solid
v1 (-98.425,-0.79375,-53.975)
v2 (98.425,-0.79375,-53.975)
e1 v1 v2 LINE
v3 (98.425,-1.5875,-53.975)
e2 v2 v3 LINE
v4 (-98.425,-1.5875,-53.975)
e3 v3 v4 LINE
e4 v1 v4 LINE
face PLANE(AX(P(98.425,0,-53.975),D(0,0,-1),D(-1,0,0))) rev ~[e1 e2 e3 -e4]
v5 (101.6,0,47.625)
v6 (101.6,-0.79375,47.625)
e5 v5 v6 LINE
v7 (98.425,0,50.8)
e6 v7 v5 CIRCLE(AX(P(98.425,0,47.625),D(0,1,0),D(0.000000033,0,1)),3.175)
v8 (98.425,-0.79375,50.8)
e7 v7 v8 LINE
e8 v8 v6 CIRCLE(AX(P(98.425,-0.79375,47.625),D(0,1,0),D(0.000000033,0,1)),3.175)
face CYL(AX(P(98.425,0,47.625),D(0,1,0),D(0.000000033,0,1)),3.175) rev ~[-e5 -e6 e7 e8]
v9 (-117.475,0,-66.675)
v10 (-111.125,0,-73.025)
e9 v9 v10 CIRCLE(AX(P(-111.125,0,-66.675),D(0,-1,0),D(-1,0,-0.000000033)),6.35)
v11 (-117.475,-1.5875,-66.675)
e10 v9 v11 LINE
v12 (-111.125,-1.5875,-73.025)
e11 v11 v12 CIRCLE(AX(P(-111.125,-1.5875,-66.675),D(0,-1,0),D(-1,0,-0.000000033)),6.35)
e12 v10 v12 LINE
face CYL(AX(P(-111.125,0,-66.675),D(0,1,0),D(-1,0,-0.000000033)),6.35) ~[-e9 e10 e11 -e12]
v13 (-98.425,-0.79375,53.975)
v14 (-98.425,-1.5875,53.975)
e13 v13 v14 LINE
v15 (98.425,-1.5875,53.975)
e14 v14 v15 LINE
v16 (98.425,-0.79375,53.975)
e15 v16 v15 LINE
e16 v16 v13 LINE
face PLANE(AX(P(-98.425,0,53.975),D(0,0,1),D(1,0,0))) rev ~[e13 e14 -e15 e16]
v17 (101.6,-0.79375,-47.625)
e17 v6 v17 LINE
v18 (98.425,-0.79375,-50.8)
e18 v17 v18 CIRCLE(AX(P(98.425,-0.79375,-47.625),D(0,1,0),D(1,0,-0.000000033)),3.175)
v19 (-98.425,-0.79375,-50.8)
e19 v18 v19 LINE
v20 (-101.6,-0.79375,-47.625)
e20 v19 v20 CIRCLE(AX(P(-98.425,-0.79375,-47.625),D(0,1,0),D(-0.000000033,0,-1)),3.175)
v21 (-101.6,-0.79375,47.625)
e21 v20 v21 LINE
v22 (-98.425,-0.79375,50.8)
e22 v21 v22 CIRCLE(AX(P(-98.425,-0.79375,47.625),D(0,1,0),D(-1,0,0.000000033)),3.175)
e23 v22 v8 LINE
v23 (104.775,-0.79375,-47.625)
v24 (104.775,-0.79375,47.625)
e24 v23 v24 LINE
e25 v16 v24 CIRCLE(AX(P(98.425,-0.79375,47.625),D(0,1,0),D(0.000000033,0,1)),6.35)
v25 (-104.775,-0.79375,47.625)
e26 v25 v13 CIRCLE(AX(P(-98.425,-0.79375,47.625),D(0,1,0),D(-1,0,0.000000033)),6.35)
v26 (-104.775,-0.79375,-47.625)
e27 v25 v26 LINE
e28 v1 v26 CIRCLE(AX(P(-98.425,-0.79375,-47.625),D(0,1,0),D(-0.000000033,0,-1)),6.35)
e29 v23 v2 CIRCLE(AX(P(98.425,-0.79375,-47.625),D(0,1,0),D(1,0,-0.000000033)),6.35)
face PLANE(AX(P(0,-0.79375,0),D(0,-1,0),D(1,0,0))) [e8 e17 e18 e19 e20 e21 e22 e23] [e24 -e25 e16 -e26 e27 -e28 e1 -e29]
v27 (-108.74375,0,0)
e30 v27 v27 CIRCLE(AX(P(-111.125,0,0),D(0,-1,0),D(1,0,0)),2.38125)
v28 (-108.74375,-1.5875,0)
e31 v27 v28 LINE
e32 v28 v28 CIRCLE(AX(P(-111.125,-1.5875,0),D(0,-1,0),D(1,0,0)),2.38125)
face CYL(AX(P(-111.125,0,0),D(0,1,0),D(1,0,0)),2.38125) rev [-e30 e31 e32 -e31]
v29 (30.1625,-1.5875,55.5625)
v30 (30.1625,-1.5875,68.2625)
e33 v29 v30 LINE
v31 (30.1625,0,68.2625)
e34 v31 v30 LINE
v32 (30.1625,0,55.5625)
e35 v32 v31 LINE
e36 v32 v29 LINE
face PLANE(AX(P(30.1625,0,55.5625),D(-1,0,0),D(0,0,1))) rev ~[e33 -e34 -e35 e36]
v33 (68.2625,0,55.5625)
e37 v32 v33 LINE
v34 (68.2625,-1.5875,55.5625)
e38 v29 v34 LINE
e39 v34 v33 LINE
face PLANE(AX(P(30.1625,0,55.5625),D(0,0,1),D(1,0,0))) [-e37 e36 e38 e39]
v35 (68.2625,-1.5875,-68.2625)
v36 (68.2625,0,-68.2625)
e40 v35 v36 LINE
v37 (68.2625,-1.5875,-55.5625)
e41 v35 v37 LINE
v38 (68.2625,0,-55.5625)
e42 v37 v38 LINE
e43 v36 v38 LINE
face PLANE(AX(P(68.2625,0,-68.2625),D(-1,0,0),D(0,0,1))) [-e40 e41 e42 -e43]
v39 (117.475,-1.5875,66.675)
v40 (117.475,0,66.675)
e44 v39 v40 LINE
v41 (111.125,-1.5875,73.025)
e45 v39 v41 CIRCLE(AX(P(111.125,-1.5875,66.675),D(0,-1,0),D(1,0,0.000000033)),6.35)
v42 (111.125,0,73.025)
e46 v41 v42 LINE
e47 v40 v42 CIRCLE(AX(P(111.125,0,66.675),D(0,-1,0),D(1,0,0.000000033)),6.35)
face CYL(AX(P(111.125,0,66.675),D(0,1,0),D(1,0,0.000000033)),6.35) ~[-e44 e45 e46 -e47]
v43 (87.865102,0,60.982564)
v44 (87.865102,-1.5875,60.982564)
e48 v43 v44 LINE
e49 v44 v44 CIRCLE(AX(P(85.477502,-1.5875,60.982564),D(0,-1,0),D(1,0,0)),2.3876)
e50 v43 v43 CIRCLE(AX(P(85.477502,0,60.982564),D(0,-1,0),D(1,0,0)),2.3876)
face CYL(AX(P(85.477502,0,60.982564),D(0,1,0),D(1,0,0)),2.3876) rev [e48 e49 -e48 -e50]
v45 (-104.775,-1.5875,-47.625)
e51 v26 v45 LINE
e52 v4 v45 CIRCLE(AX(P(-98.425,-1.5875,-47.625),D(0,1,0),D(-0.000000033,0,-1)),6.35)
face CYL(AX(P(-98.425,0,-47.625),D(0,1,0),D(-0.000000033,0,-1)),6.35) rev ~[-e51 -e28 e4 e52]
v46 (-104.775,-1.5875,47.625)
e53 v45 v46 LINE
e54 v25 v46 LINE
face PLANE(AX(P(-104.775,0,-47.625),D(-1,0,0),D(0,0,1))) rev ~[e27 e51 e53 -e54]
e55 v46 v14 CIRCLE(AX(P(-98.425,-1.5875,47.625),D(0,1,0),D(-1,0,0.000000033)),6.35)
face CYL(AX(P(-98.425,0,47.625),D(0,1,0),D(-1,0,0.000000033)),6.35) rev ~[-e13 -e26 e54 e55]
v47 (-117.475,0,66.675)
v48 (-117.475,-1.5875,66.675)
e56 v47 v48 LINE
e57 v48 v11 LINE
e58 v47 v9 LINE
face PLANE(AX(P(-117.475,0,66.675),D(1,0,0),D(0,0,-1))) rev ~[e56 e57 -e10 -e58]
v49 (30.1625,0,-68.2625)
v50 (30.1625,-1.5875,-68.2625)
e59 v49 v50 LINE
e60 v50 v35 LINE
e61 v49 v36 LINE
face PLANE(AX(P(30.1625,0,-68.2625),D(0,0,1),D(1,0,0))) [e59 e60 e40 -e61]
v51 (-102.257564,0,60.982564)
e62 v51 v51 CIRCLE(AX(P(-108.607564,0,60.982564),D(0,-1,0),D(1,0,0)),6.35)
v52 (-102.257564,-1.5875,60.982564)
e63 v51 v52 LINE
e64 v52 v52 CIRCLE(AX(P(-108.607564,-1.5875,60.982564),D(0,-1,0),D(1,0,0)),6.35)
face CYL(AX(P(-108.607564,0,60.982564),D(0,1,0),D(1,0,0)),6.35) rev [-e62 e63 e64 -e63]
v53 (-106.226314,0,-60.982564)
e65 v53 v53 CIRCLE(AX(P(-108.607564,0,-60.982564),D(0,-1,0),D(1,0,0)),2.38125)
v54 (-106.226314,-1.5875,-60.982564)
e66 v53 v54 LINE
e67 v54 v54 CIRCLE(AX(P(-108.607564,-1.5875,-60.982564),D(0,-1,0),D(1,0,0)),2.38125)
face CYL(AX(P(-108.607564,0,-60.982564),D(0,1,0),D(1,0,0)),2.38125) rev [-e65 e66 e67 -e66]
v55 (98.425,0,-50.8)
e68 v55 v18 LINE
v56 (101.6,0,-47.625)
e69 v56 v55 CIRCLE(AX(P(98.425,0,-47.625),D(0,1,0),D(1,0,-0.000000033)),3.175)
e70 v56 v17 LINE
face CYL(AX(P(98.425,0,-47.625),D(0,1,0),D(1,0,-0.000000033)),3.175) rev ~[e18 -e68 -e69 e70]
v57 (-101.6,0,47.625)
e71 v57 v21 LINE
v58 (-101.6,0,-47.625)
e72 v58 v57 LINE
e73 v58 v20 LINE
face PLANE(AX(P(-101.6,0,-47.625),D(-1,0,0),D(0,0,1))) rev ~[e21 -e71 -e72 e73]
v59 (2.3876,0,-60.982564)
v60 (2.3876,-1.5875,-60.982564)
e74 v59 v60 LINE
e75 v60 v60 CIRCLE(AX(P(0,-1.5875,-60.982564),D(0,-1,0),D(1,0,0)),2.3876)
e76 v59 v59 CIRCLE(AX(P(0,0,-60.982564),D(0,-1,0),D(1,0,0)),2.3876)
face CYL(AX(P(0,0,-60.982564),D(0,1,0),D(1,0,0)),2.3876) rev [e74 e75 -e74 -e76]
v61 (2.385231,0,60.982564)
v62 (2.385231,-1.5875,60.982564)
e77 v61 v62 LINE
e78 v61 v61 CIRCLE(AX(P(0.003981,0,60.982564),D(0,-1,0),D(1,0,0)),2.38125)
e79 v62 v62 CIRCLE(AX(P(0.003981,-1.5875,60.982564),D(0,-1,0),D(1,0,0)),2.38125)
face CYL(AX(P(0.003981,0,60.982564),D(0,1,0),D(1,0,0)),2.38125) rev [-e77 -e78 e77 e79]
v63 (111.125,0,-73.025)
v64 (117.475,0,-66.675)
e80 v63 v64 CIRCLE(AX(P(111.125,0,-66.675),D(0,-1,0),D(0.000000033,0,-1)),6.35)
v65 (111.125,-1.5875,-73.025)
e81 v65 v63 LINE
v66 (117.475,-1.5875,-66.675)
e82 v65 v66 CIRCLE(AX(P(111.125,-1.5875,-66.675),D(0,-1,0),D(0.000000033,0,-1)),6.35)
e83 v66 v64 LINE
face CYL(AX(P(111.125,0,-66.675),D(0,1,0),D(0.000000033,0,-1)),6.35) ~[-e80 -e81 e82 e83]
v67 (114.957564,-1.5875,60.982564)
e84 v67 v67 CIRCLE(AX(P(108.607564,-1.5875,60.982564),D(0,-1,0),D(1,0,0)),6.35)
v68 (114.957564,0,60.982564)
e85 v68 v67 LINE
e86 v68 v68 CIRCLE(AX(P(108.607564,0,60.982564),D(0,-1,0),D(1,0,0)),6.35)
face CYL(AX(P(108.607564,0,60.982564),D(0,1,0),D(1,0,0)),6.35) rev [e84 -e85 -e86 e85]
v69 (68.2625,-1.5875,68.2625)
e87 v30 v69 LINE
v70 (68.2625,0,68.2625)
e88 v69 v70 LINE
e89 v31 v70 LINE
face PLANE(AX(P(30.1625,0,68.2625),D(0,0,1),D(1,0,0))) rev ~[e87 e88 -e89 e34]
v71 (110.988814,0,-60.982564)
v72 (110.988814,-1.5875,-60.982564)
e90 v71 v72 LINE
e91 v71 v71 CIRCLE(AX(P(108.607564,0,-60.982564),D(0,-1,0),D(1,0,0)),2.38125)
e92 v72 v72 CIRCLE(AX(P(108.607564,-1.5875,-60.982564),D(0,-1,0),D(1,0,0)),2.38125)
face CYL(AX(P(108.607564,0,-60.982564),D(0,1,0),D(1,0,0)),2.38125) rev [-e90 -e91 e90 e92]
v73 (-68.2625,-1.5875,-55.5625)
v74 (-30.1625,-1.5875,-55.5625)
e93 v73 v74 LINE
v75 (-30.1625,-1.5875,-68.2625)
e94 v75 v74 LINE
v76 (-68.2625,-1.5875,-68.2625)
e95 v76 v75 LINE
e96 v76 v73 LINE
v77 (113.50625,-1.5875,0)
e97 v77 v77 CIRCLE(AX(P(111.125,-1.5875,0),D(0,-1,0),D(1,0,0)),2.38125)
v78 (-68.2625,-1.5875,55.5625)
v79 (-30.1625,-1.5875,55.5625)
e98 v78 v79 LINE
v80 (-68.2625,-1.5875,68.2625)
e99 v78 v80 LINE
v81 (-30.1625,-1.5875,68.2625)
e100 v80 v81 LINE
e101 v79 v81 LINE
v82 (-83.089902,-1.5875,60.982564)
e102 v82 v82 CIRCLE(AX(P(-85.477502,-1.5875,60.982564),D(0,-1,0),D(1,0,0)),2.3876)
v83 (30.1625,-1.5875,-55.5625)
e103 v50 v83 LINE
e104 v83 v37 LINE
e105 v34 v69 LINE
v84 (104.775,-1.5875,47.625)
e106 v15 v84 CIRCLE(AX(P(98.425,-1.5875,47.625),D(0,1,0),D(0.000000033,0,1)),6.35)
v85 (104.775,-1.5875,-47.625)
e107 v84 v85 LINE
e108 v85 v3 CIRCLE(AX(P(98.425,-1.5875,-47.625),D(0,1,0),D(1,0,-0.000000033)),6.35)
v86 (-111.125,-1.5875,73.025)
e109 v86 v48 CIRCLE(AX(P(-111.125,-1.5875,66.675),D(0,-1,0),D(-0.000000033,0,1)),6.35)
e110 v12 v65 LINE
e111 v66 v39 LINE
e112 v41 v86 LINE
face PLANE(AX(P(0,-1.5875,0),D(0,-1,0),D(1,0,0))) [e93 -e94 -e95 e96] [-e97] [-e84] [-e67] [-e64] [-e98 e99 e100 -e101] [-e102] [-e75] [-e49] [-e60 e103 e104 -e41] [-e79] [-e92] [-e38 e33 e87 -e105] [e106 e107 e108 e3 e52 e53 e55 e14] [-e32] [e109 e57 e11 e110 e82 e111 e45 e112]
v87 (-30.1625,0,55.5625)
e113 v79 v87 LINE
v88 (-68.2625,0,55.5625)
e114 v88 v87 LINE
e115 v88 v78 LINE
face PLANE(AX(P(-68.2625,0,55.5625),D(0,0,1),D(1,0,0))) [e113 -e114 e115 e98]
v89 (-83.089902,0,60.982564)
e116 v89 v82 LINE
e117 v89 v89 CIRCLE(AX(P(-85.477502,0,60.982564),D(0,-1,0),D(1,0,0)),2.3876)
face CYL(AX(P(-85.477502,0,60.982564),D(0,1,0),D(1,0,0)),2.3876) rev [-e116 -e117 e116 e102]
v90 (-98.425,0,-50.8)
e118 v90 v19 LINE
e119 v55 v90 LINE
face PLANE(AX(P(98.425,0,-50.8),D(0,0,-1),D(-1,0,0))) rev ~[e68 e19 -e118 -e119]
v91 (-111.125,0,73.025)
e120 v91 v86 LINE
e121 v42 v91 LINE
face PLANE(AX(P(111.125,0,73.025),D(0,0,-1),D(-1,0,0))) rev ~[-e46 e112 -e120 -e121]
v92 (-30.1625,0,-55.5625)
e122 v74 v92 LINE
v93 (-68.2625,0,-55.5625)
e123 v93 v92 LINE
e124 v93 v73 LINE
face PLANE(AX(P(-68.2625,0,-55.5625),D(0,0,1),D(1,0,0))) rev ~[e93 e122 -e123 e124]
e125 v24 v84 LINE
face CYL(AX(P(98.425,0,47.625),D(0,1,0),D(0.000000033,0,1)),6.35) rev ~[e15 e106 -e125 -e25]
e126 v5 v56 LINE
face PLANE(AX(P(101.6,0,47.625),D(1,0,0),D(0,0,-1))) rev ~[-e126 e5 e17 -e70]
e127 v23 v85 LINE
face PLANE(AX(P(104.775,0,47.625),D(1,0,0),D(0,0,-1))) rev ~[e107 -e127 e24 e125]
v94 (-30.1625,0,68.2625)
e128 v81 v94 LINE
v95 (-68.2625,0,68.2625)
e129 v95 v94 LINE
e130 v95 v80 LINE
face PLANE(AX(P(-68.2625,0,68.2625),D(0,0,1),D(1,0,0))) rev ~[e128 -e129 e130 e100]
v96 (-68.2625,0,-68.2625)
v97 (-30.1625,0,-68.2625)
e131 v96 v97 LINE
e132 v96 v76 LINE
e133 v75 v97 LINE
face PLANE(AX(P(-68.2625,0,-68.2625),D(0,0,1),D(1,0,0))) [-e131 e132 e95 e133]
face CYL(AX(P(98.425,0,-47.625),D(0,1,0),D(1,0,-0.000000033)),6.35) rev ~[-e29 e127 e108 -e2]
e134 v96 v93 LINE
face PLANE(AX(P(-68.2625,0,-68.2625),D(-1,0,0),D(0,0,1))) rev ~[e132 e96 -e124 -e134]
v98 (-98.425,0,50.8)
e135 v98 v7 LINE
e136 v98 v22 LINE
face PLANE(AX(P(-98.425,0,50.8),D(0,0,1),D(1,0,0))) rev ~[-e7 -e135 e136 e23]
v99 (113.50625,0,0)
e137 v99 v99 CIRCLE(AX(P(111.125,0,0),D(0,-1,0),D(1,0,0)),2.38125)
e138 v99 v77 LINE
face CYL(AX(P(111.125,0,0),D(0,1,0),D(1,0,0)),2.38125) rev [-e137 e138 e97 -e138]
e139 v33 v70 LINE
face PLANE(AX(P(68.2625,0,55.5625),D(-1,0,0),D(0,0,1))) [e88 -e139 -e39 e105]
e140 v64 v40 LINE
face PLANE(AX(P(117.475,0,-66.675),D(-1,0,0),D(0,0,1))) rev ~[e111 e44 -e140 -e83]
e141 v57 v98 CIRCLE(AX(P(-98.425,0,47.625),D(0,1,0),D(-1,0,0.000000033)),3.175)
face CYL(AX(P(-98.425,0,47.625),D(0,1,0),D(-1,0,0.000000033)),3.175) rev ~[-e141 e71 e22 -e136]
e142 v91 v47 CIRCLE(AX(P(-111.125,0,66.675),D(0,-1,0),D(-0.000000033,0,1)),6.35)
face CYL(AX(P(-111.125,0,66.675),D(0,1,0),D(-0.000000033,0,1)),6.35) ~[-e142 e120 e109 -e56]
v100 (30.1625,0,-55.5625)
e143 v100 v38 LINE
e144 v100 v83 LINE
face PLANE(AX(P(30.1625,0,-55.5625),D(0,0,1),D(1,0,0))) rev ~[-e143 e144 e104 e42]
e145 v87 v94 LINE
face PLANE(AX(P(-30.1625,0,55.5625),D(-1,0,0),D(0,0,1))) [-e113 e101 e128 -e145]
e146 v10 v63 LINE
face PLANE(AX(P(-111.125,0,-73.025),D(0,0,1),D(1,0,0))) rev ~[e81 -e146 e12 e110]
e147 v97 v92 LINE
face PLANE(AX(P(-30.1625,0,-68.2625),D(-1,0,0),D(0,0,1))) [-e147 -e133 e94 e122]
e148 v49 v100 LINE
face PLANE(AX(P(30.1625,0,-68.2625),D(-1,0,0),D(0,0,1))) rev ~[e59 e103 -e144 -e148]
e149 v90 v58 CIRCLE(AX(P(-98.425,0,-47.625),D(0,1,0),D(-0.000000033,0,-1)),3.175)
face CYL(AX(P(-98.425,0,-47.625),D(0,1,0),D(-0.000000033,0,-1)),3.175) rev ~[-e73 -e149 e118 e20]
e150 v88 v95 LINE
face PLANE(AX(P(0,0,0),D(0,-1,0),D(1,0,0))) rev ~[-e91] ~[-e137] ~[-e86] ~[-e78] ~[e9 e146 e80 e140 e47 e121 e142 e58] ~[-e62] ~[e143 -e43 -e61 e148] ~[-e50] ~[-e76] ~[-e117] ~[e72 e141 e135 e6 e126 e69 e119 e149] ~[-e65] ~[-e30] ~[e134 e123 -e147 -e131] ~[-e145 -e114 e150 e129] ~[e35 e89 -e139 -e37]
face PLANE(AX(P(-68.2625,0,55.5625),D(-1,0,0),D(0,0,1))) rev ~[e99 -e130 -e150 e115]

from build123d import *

# Parameters (mm, degrees)
F0_R     = 2.38125
F0_W     = 38.1
F0_H     = 12.7
F0_R_2   = 2.3876
F0_R_3   = 6.35
F1_DEPTH = 0.79375
F2_DEPTH = 1.5875


with BuildPart() as f1:
    # F0 (on Front) → F1 (new body)
    with BuildSketch(Plane.XZ):
        with BuildLine():
            Line((111.125, 73.025), (-111.125, 73.025))
            ThreePointArc((-111.125, 73.025), (-115.615128, 71.165128), (-117.475, 66.675))
            Line((-117.475, 66.675), (-117.475, -66.675))
            ThreePointArc((-117.475, -66.675), (-115.615128, -71.165128), (-111.125, -73.025))
            Line((-111.125, -73.025), (111.125, -73.025))
            ThreePointArc((111.125, -73.025), (115.615128, -71.165128), (117.475, -66.675))
            Line((117.475, -66.675), (117.475, 66.675))
            ThreePointArc((117.475, 66.675), (115.615128, 71.165128), (111.125, 73.025))
        make_face()
        with Locations((-108.607564, -60.982564)):
            Circle(F0_R, mode=Mode.SUBTRACT)
        with Locations((-49.2125, -61.9125)):
            Rectangle(F0_W, F0_H, mode=Mode.SUBTRACT)
        with Locations((0, -60.982564)):
            Circle(F0_R_2, mode=Mode.SUBTRACT)
        with Locations((49.2125, -61.9125)):
            Rectangle(F0_W, F0_H, mode=Mode.SUBTRACT)
        with Locations((108.607564, -60.982564)):
            Circle(F0_R, mode=Mode.SUBTRACT)
        with Locations((-111.125, 0)):
            Circle(F0_R, mode=Mode.SUBTRACT)
        with Locations((-108.607564, 60.982564)):
            Circle(F0_R_3, mode=Mode.SUBTRACT)
        with Locations((-85.477502, 60.982564)):
            Circle(F0_R_2, mode=Mode.SUBTRACT)
        with Locations((-49.2125, 61.9125)):
            Rectangle(F0_W, F0_H, mode=Mode.SUBTRACT)
        with BuildLine():
            ThreePointArc((-104.775, 47.625), (-102.915128, 52.115128), (-98.425, 53.975))
            Line((-98.425, 53.975), (98.425, 53.975))
            ThreePointArc((98.425, 53.975), (102.915128, 52.115128), (104.775, 47.625))
            Line((104.775, 47.625), (104.775, -47.625))
            ThreePointArc((104.775, -47.625), (102.915128, -52.115128), (98.425, -53.975))
            Line((98.425, -53.975), (-98.425, -53.975))
            ThreePointArc((-98.425, -53.975), (-102.915128, -52.115128), (-104.775, -47.625))
            Line((-104.775, -47.625), (-104.775, 47.625))
        make_face(mode=Mode.SUBTRACT)
        with Locations((111.125, 0)):
            Circle(F0_R, mode=Mode.SUBTRACT)
        with Locations((0.003981, 60.982564)):
            Circle(F0_R, mode=Mode.SUBTRACT)
        with Locations((49.2125, 61.9125)):
            Rectangle(F0_W, F0_H, mode=Mode.SUBTRACT)
        with Locations((85.477502, 60.982564)):
            Circle(F0_R_2, mode=Mode.SUBTRACT)
        with Locations((108.607564, 60.982564)):
            Circle(F0_R_3, mode=Mode.SUBTRACT)
        with BuildLine():
            Line((98.425, 53.975), (-98.425, 53.975))
            ThreePointArc((-98.425, 53.975), (-102.915128, 52.115128), (-104.775, 47.625))
            Line((-104.775, 47.625), (-104.775, -47.625))
            ThreePointArc((-104.775, -47.625), (-102.915128, -52.115128), (-98.425, -53.975))
            Line((-98.425, -53.975), (98.425, -53.975))
            ThreePointArc((98.425, -53.975), (102.915128, -52.115128), (104.775, -47.625))
            Line((104.775, -47.625), (104.775, 47.625))
            ThreePointArc((104.775, 47.625), (102.915128, 52.115128), (98.425, 53.975))
        make_face()
        with BuildLine():
            ThreePointArc((-101.6, 47.625), (-100.670064, 49.870064), (-98.425, 50.8))
            Line((-98.425, 50.8), (98.425, 50.8))
            ThreePointArc((98.425, 50.8), (100.670064, 49.870064), (101.6, 47.625))
            Line((101.6, 47.625), (101.6, -47.625))
            ThreePointArc((101.6, -47.625), (100.670064, -49.870064), (98.425, -50.8))
            Line((98.425, -50.8), (-98.425, -50.8))
            ThreePointArc((-98.425, -50.8), (-100.670064, -49.870064), (-101.6, -47.625))
            Line((-101.6, -47.625), (-101.6, 47.625))
        make_face(mode=Mode.SUBTRACT)
    extrude(amount=F1_DEPTH)

    # F0 (on Front) → F2 (join)
    with BuildSketch(Plane.XZ):
        with BuildLine():
            Line((111.125, 73.025), (-111.125, 73.025))
            ThreePointArc((-111.125, 73.025), (-115.615128, 71.165128), (-117.475, 66.675))
            Line((-117.475, 66.675), (-117.475, -66.675))
            ThreePointArc((-117.475, -66.675), (-115.615128, -71.165128), (-111.125, -73.025))
            Line((-111.125, -73.025), (111.125, -73.025))
            ThreePointArc((111.125, -73.025), (115.615128, -71.165128), (117.475, -66.675))
            Line((117.475, -66.675), (117.475, 66.675))
            ThreePointArc((117.475, 66.675), (115.615128, 71.165128), (111.125, 73.025))
        make_face()
        with Locations((-108.607564, -60.982564)):
            Circle(F0_R, mode=Mode.SUBTRACT)
        with Locations((-49.2125, -61.9125)):
            Rectangle(F0_W, F0_H, mode=Mode.SUBTRACT)
        with Locations((0, -60.982564)):
            Circle(F0_R_2, mode=Mode.SUBTRACT)
        with Locations((49.2125, -61.9125)):
            Rectangle(F0_W, F0_H, mode=Mode.SUBTRACT)
        with Locations((108.607564, -60.982564)):
            Circle(F0_R, mode=Mode.SUBTRACT)
        with Locations((-111.125, 0)):
            Circle(F0_R, mode=Mode.SUBTRACT)
        with Locations((-108.607564, 60.982564)):
            Circle(F0_R_3, mode=Mode.SUBTRACT)
        with Locations((-85.477502, 60.982564)):
            Circle(F0_R_2, mode=Mode.SUBTRACT)
        with Locations((-49.2125, 61.9125)):
            Rectangle(F0_W, F0_H, mode=Mode.SUBTRACT)
        with BuildLine():
            ThreePointArc((-104.775, 47.625), (-102.915128, 52.115128), (-98.425, 53.975))
            Line((-98.425, 53.975), (98.425, 53.975))
            ThreePointArc((98.425, 53.975), (102.915128, 52.115128), (104.775, 47.625))
            Line((104.775, 47.625), (104.775, -47.625))
            ThreePointArc((104.775, -47.625), (102.915128, -52.115128), (98.425, -53.975))
            Line((98.425, -53.975), (-98.425, -53.975))
            ThreePointArc((-98.425, -53.975), (-102.915128, -52.115128), (-104.775, -47.625))
            Line((-104.775, -47.625), (-104.775, 47.625))
        make_face(mode=Mode.SUBTRACT)
        with Locations((111.125, 0)):
            Circle(F0_R, mode=Mode.SUBTRACT)
        with Locations((0.003981, 60.982564)):
            Circle(F0_R, mode=Mode.SUBTRACT)
        with Locations((49.2125, 61.9125)):
            Rectangle(F0_W, F0_H, mode=Mode.SUBTRACT)
        with Locations((85.477502, 60.982564)):
            Circle(F0_R_2, mode=Mode.SUBTRACT)
        with Locations((108.607564, 60.982564)):
            Circle(F0_R_3, mode=Mode.SUBTRACT)
    extrude(amount=F2_DEPTH)


solid = f1.part
